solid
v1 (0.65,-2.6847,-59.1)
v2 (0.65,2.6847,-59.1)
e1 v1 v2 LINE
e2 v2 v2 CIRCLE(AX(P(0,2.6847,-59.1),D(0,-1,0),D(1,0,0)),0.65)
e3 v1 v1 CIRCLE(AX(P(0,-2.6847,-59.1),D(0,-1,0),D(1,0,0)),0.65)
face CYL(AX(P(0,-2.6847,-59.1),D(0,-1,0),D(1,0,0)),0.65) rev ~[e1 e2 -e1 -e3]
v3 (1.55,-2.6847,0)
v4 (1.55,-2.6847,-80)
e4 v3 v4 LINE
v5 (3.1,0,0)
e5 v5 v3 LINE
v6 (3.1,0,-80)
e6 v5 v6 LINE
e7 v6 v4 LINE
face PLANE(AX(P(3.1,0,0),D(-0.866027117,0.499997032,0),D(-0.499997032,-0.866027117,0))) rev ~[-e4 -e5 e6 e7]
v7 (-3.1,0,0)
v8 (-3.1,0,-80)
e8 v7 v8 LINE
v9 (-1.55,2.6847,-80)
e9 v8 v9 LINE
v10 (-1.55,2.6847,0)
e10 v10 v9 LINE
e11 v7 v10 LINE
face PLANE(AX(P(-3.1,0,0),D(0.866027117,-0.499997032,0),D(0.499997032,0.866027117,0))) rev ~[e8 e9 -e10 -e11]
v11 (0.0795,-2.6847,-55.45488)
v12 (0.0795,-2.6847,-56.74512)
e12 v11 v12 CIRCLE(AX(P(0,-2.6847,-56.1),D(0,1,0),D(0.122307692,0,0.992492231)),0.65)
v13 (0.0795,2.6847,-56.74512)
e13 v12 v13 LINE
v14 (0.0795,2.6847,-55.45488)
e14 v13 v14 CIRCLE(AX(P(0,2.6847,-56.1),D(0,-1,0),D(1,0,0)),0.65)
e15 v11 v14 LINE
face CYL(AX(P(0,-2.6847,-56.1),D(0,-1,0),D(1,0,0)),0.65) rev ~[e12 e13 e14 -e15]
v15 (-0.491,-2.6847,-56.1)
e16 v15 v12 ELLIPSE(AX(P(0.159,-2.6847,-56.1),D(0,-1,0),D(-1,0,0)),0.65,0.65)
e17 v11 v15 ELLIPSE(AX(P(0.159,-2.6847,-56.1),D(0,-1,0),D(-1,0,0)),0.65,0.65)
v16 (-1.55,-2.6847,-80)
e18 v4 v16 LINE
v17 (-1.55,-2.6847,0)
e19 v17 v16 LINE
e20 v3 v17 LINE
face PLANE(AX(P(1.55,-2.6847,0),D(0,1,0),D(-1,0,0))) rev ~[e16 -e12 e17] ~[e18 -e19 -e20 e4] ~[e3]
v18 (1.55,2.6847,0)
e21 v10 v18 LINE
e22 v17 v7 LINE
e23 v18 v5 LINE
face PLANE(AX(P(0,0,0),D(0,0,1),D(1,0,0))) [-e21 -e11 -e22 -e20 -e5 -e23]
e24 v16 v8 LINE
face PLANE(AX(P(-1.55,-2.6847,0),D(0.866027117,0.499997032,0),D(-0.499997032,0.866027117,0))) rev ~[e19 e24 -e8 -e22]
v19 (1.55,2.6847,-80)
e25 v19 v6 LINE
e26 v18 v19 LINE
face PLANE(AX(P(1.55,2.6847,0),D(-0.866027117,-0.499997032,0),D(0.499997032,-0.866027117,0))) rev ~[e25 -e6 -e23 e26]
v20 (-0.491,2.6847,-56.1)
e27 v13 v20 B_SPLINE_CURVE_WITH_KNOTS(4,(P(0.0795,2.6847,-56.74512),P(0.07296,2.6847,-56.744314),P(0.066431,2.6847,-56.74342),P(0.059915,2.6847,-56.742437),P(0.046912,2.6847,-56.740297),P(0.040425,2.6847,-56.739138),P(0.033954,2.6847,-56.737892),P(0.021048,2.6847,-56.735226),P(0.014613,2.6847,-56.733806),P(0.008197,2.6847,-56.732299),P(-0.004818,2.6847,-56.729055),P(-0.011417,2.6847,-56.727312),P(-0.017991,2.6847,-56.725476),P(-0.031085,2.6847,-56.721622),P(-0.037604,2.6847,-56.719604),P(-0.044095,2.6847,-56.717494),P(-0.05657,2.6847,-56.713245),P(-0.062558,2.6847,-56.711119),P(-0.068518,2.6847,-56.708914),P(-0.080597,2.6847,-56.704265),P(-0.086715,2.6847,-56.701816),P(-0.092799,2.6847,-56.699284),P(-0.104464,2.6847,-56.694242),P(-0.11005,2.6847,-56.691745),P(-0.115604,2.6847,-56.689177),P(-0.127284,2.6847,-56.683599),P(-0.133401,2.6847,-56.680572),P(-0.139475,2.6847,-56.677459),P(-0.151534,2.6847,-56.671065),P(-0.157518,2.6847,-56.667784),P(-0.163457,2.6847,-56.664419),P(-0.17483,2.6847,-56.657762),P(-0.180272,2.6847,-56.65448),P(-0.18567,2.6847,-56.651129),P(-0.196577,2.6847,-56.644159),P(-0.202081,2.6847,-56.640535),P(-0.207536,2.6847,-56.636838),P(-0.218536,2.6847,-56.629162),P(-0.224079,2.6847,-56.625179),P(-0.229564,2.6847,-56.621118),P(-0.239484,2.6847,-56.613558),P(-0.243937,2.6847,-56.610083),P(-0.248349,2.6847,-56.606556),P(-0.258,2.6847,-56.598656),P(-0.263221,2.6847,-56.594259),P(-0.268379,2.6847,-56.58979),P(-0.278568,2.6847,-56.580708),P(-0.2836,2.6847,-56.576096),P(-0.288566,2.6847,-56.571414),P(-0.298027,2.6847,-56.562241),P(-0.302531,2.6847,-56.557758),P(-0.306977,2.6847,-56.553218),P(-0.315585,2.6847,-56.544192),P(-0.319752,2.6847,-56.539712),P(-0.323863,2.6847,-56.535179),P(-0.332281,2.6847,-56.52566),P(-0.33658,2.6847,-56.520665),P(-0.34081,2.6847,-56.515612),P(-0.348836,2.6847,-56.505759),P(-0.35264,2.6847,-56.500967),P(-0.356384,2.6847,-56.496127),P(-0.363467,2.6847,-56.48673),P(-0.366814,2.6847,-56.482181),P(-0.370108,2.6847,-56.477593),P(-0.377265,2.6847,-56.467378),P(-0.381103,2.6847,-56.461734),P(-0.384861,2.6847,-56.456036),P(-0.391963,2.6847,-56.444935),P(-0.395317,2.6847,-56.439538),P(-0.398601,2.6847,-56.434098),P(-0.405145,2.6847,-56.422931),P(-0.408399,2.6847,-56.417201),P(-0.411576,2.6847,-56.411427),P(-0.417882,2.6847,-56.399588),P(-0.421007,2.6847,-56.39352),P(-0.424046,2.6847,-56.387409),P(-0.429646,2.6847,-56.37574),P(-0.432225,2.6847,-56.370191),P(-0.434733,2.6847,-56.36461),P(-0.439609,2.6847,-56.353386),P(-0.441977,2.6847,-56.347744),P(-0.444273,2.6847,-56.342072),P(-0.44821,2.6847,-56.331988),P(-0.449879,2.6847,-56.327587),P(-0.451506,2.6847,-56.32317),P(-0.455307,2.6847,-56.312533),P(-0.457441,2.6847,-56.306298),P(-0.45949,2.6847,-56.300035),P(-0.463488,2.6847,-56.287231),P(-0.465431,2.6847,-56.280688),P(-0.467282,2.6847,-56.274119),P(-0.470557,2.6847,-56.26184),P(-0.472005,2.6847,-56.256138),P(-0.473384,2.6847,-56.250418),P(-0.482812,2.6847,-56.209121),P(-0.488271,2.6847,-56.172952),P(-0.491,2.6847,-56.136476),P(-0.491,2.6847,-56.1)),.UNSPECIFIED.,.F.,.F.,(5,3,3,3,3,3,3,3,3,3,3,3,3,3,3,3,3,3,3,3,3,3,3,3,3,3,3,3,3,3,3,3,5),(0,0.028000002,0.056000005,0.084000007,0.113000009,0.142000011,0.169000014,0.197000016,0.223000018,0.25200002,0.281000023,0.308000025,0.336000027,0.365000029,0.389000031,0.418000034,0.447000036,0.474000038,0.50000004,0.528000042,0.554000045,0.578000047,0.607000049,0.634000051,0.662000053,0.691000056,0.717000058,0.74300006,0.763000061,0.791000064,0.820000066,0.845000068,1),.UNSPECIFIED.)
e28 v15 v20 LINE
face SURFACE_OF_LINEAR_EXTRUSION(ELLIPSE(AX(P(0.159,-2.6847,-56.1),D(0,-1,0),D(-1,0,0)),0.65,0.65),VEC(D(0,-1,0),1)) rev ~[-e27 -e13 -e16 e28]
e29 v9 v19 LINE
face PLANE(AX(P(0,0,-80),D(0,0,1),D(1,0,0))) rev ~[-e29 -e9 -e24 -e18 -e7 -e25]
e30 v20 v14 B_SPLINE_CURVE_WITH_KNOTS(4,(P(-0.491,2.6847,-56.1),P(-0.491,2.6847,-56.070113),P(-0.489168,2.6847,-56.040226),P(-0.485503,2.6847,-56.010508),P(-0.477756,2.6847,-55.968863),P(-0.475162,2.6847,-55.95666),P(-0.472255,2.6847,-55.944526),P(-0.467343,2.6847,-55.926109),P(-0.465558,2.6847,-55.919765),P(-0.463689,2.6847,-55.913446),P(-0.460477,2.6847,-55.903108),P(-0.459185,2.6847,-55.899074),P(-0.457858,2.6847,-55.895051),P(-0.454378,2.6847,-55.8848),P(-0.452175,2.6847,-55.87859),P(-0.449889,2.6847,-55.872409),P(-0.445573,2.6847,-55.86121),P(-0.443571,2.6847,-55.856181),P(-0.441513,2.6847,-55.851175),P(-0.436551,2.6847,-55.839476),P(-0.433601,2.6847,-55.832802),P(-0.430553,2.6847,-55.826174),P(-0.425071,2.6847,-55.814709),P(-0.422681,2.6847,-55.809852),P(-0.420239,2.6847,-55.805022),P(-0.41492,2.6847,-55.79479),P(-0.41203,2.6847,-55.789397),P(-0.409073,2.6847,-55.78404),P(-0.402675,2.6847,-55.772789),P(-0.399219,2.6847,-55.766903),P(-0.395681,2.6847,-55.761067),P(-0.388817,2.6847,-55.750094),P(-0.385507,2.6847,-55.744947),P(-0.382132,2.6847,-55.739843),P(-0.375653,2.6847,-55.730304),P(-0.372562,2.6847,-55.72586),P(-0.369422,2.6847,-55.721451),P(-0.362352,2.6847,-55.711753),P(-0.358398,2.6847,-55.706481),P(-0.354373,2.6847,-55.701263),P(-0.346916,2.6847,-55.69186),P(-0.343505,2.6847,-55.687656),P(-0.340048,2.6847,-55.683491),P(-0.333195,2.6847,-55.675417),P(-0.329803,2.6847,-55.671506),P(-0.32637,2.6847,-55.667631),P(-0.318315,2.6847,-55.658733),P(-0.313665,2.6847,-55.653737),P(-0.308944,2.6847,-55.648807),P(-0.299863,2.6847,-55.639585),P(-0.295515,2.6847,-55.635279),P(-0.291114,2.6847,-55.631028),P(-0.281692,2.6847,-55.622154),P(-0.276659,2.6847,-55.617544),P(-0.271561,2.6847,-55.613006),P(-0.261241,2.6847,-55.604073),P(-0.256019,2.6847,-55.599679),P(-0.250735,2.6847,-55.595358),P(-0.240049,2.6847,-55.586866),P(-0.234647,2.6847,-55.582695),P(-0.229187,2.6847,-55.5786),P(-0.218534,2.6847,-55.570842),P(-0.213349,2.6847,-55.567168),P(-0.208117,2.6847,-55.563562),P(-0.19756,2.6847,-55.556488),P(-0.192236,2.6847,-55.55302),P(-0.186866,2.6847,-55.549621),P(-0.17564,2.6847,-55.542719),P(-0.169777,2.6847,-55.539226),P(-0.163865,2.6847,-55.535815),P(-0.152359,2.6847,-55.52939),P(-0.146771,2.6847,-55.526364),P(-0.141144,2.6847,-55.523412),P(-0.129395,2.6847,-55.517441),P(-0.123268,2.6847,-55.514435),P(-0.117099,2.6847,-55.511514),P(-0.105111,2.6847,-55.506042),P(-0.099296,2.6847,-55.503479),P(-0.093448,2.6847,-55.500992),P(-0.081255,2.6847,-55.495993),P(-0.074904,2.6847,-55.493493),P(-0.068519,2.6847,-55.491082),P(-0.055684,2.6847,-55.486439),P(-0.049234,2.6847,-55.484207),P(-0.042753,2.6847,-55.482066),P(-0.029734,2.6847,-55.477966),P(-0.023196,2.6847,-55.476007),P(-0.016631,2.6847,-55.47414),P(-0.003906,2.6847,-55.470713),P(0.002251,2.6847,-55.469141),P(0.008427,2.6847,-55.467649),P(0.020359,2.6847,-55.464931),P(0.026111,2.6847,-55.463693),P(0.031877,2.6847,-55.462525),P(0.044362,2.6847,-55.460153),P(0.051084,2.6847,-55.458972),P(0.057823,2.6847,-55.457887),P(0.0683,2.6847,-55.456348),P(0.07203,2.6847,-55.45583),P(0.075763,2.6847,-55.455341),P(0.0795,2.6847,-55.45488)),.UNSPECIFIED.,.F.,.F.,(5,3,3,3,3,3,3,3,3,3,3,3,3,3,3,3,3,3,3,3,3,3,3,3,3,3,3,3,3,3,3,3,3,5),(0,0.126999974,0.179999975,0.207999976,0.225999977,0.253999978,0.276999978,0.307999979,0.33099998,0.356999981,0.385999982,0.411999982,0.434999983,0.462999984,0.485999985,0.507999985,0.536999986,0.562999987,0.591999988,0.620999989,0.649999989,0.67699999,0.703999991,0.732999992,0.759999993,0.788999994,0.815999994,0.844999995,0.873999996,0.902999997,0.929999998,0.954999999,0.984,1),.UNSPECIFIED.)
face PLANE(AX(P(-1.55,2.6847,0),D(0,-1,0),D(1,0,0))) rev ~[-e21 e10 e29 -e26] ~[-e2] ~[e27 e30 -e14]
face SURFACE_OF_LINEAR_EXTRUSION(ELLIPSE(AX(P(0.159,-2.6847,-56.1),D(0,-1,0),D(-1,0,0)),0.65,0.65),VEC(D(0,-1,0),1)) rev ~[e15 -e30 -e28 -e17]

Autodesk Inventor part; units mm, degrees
ref_plane "YZ Plane" through (0, 0, 0) normal (1, 0, 0) x (0, 1, 0)
ref_plane "XZ Plane" through (0, 0, 0) normal (0, 1, 0) x (-1, 0, 0)
ref_plane "XY Plane" through (0, 0, 0) normal (0, 0, 1) x (1, 0, 0)
sketch "Sketch1" plane through (0, 0, 0) normal (0, 0, 1) x (1, 0, 0)
  line L0 (0, 0) -> (3.1, 0) construction
  circle A0 centre (0, 0) radius 7.5 projected
  line L1 (0, 0) -> (1.55, 2.6847) construction
  line L2 (0, 0) -> (-1.55, 2.6847) construction
  line L3 (0, 0) -> (-3.1, 0) construction
  line L4 (0, 0) -> (-1.55, -2.6847) construction
  line L5 (0, 0) -> (1.55, -2.6847) construction
  line L6 (-1.55, 2.6847) -> (1.55, 2.6847)
  line L7 (1.55, 2.6847) -> (3.1, 0)
  line L8 (3.1, 0) -> (1.55, -2.6847)
  line L9 (1.55, -2.6847) -> (-1.55, -2.6847)
  line L10 (-1.55, -2.6847) -> (-3.1, 0)
  line L11 (-3.1, 0) -> (-1.55, 2.6847)
  line L12 (-1.7809, 3.0847) -> (1.7809, 3.0847) projected
  dimension "d0" = 3.1
  dimension "d3" = 360
extrude "Extrusion1" add sketch "Sketch1" against normal blind 80 contours L6 L7 L8 L9 L10 L11
sketch "Sketch2" plane through (-1.55, -2.6847, 0) normal (0, -1, 0) x (1, 0, 0)
  line L0 (0, 0) -> (0, -80) projected
  line L1 (3.1, 0) -> (3.1, -80) projected
  line L2 (106.9037, -80.1) -> (-63.0931, -80.1) projected
  ellipse E0 centre (1.709, -56.1) end of major axis (1.709, -55.45) minor radius 0.65 projected
  line L3 (1.709, -56.1) -> (-0.1699, -56.1) construction
  circle A0 centre (1.55, -56.1) radius 0.65
  line L4 (0, 0) -> (3.1, 0) projected
  circle A1 centre (1.55, -59.1) radius 0.65
  point P0 (1.55, 0)
  point P1 (1.55, 0)
  point P2 (1.6295, -55.4549)
  point P3 (1.6295, -56.7451)
  dimension "d7" = 1.3
  dimension "d8" = 56.1
  dimension "d9" = 3
extrude "Extrusion2" cut sketch "Sketch2" against normal blind 10 contours E0 A0 | A1 picked at (1.8134, -56.0482)
properties part number "eje2_n"
